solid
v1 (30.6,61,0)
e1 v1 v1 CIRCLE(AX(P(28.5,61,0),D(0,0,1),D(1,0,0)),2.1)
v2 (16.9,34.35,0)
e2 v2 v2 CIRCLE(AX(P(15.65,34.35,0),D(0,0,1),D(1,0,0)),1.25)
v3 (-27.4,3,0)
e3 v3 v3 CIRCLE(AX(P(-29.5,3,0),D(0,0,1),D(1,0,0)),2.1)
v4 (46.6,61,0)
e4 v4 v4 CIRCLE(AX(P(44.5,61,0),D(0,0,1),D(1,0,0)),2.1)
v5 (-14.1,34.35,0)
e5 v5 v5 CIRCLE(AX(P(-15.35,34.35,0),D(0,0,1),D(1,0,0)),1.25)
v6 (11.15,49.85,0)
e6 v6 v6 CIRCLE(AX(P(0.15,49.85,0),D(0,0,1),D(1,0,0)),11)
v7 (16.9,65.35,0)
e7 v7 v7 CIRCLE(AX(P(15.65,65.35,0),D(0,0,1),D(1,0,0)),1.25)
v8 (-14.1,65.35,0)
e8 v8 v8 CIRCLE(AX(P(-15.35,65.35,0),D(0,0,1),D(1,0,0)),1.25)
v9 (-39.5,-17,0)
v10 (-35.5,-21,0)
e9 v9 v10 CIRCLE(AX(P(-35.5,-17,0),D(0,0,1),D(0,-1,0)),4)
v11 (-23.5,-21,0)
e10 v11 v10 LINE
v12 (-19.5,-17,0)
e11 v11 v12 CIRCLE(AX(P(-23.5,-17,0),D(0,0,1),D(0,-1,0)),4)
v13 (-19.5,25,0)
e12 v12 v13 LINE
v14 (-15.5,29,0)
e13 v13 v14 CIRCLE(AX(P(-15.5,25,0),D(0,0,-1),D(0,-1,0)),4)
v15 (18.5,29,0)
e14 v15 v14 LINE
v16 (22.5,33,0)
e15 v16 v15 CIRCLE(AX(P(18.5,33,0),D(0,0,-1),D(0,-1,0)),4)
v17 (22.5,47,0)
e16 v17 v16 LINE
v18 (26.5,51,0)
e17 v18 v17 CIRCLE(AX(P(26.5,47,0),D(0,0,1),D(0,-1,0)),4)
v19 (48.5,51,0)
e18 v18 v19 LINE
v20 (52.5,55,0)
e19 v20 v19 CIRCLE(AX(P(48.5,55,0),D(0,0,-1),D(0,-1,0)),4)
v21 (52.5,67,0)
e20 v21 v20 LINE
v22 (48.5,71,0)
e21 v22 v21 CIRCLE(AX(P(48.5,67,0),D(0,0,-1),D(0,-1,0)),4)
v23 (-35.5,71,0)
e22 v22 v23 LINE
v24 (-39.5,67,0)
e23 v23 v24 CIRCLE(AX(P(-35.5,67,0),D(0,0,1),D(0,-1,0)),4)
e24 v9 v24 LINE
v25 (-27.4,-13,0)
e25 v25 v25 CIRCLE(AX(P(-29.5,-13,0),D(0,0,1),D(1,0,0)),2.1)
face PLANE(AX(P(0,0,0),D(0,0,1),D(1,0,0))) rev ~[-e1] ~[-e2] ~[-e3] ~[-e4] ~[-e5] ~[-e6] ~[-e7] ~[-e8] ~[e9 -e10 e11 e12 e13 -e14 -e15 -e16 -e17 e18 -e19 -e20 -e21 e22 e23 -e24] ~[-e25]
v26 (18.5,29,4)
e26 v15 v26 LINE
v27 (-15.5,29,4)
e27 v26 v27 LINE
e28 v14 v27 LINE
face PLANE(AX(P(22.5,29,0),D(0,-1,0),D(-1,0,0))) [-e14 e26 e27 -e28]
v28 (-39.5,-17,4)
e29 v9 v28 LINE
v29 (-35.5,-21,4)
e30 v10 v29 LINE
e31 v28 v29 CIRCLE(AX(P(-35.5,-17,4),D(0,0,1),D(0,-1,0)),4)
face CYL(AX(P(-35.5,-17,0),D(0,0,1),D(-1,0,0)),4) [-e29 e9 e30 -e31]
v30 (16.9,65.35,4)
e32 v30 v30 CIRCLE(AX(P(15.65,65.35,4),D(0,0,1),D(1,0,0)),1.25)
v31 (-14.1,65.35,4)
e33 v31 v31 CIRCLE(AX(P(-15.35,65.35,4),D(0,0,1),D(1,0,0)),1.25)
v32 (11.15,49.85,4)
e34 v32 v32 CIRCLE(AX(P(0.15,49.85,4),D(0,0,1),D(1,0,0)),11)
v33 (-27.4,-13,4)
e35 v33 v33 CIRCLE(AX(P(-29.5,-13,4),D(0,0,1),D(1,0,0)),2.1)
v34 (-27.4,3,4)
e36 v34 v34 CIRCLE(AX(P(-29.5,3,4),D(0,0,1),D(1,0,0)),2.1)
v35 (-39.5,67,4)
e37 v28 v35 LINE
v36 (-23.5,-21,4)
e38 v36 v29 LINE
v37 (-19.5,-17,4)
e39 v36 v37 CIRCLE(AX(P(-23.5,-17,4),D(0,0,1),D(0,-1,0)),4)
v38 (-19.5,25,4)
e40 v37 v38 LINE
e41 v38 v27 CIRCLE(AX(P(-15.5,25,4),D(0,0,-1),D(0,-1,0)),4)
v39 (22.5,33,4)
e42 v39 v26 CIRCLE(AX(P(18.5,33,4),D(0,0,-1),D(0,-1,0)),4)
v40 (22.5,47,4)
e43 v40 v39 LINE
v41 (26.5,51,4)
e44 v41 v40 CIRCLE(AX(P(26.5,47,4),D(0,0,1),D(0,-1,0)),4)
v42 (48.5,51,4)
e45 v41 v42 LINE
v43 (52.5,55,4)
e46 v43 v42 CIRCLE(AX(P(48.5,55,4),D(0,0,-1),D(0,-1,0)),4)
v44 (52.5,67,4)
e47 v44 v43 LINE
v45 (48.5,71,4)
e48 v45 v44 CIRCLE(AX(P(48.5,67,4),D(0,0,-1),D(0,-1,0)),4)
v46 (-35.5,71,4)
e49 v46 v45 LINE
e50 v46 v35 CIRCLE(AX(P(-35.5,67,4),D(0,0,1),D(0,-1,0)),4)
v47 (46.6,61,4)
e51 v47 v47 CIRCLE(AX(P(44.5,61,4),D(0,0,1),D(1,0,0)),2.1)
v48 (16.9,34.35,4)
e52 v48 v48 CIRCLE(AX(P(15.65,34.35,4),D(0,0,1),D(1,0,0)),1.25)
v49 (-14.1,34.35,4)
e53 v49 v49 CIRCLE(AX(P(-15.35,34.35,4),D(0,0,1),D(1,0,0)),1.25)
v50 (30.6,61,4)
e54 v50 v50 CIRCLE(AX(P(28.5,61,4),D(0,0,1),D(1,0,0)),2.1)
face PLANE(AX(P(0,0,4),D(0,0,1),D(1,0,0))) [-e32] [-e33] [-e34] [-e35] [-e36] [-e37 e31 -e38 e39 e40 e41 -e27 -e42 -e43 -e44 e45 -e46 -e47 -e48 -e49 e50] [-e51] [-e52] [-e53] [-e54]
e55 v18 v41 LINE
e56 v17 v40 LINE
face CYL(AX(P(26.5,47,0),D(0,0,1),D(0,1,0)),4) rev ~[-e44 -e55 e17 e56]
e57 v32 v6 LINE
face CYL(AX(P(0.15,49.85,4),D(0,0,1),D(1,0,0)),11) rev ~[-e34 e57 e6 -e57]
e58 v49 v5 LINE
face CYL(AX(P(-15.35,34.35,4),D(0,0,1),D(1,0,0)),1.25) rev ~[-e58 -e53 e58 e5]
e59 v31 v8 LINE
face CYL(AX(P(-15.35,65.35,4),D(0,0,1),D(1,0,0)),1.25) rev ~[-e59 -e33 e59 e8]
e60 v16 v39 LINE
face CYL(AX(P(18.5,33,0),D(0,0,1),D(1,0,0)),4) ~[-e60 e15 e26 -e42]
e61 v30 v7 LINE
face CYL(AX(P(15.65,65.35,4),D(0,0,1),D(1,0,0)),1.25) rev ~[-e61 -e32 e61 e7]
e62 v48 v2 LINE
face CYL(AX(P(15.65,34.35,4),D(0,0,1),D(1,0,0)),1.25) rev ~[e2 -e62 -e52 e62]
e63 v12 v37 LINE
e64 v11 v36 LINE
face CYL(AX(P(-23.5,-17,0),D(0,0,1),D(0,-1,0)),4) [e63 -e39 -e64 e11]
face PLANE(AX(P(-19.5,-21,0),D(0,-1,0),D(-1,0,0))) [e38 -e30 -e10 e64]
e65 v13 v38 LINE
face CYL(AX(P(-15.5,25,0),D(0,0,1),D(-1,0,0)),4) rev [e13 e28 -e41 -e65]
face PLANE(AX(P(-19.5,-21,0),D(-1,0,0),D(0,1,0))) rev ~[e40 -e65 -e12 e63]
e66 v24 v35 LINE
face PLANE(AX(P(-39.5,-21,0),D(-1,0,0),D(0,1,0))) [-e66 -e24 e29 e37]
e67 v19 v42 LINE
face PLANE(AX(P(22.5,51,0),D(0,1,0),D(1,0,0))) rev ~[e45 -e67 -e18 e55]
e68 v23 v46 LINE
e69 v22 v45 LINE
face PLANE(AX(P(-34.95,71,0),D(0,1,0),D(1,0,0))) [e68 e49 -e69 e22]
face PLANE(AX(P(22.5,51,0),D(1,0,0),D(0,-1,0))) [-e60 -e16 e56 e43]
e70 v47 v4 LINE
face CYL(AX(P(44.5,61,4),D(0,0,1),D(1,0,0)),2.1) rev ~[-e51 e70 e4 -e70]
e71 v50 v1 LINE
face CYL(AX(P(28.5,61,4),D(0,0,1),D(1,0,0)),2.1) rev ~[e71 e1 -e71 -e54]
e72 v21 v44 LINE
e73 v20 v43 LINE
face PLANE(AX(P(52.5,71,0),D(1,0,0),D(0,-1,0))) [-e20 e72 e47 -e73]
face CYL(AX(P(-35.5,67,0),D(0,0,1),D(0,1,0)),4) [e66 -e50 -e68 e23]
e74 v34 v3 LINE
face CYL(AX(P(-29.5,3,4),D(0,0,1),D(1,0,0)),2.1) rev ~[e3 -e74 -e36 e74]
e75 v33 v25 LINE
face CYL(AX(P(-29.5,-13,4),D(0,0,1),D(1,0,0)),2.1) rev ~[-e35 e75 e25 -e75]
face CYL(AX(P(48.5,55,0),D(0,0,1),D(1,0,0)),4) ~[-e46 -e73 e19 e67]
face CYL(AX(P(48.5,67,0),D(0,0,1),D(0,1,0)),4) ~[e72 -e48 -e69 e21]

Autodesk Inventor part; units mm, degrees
ref_plane "YZ Plane" through (0, 0, 0) normal (1, 0, 0) x (0, 1, 0)
ref_plane "XZ Plane" through (0, 0, 0) normal (0, 1, 0) x (-1, 0, 0)
ref_plane "XY Plane" through (0, 0, 0) normal (0, 0, 1) x (1, 0, 0)
sketch "Эскиз1" plane through (0, 0, 0) normal (0, 0, 1) x (1, 0, 0)
  line L0 (-34.95, 71) -> (-39.5, 71) projected
  line L1 (-39.5, 71) -> (52.5, 71)
  line L2 (52.5, 71) -> (52.5, 51)
  line L3 (-19.5, -21) -> (-39.5, -21)
  line L4 (-39.5, -21) -> (-39.5, 71)
  line L5 (-21, 66.8757) -> (-21, 32.8243) construction
  line L6 (-19.5, 71) -> (22.5, 71)
  line L7 (22.5, 51) -> (22.5, 29)
  line L8 (22.5, 29) -> (-19.5, 29)
  line L9 (-19.5, 29) -> (-19.5, 71)
  line L10 (-19.5, 29) -> (22.5, 29)
  line L11 (-19.5, -21) -> (-19.5, 29)
  line L12 (22.5, 29) -> (22.5, 51)
  line L13 (22.5, 51) -> (52.5, 51)
  dimension "d14" = 92
  dimension "d20" = 20
  dimension "d21" = 42
  dimension "d22" = 42
  dimension "d24" = 92
  dimension "d25" = 30
extrude "Выдавливание1" add sketch "Эскиз1" along normal blind 4
sketch "Эскиз2" plane through (0, 0, 4) normal (0, 0, 1) x (1, 0, 0)
  circle A0 centre (0.15, 49.85) radius 11 projected
  line L0 (52.5, 51) -> (52.5, 71) projected
  line L1 (52.5, 61) -> (-39.5, 61) construction
  line L2 (-39.5, 71) -> (-39.5, -21) projected
  line L3 (-39.5, -21) -> (-19.5, -21) projected
  line L4 (-29.5, -21) -> (-29.5, 71) construction
  line L5 (52.5, 71) -> (-39.5, 71) projected
  circle A1 centre (44.5, 61) radius 2.1
  circle A2 centre (28.5, 61) radius 2.1
  circle A3 centre (-15.35, 34.35) radius 1.25 projected
  circle A4 centre (15.65, 34.35) radius 1.25 projected
  circle A5 centre (15.65, 65.35) radius 1.25 projected
  circle A6 centre (-15.35, 65.35) radius 1.25 projected
  line L6 (-39.5, 71) -> (-29.5, 61) construction
  circle A7 centre (-29.5, -13) radius 2.1
  circle A8 centre (-29.5, 3) radius 2.1
  dimension "d26" = 4.2
  dimension "d27" = 4.2
  dimension "d28" = 8
  dimension "d29" = 16
extrude "Выдавливание2" cut sketch "Эскиз2" against normal blind 4
fillet "Сопряжение1" radius 4 8 edges at (-39.5, -21, 2) (-19.5, -21, 2) (-19.5, 29, 2) (22.5, 29, 2) (22.5, 51, 2) (52.5, 51, 2) (52.5, 71, 2) (-39.5, 71, 2)
properties part number "креп_мотора"
